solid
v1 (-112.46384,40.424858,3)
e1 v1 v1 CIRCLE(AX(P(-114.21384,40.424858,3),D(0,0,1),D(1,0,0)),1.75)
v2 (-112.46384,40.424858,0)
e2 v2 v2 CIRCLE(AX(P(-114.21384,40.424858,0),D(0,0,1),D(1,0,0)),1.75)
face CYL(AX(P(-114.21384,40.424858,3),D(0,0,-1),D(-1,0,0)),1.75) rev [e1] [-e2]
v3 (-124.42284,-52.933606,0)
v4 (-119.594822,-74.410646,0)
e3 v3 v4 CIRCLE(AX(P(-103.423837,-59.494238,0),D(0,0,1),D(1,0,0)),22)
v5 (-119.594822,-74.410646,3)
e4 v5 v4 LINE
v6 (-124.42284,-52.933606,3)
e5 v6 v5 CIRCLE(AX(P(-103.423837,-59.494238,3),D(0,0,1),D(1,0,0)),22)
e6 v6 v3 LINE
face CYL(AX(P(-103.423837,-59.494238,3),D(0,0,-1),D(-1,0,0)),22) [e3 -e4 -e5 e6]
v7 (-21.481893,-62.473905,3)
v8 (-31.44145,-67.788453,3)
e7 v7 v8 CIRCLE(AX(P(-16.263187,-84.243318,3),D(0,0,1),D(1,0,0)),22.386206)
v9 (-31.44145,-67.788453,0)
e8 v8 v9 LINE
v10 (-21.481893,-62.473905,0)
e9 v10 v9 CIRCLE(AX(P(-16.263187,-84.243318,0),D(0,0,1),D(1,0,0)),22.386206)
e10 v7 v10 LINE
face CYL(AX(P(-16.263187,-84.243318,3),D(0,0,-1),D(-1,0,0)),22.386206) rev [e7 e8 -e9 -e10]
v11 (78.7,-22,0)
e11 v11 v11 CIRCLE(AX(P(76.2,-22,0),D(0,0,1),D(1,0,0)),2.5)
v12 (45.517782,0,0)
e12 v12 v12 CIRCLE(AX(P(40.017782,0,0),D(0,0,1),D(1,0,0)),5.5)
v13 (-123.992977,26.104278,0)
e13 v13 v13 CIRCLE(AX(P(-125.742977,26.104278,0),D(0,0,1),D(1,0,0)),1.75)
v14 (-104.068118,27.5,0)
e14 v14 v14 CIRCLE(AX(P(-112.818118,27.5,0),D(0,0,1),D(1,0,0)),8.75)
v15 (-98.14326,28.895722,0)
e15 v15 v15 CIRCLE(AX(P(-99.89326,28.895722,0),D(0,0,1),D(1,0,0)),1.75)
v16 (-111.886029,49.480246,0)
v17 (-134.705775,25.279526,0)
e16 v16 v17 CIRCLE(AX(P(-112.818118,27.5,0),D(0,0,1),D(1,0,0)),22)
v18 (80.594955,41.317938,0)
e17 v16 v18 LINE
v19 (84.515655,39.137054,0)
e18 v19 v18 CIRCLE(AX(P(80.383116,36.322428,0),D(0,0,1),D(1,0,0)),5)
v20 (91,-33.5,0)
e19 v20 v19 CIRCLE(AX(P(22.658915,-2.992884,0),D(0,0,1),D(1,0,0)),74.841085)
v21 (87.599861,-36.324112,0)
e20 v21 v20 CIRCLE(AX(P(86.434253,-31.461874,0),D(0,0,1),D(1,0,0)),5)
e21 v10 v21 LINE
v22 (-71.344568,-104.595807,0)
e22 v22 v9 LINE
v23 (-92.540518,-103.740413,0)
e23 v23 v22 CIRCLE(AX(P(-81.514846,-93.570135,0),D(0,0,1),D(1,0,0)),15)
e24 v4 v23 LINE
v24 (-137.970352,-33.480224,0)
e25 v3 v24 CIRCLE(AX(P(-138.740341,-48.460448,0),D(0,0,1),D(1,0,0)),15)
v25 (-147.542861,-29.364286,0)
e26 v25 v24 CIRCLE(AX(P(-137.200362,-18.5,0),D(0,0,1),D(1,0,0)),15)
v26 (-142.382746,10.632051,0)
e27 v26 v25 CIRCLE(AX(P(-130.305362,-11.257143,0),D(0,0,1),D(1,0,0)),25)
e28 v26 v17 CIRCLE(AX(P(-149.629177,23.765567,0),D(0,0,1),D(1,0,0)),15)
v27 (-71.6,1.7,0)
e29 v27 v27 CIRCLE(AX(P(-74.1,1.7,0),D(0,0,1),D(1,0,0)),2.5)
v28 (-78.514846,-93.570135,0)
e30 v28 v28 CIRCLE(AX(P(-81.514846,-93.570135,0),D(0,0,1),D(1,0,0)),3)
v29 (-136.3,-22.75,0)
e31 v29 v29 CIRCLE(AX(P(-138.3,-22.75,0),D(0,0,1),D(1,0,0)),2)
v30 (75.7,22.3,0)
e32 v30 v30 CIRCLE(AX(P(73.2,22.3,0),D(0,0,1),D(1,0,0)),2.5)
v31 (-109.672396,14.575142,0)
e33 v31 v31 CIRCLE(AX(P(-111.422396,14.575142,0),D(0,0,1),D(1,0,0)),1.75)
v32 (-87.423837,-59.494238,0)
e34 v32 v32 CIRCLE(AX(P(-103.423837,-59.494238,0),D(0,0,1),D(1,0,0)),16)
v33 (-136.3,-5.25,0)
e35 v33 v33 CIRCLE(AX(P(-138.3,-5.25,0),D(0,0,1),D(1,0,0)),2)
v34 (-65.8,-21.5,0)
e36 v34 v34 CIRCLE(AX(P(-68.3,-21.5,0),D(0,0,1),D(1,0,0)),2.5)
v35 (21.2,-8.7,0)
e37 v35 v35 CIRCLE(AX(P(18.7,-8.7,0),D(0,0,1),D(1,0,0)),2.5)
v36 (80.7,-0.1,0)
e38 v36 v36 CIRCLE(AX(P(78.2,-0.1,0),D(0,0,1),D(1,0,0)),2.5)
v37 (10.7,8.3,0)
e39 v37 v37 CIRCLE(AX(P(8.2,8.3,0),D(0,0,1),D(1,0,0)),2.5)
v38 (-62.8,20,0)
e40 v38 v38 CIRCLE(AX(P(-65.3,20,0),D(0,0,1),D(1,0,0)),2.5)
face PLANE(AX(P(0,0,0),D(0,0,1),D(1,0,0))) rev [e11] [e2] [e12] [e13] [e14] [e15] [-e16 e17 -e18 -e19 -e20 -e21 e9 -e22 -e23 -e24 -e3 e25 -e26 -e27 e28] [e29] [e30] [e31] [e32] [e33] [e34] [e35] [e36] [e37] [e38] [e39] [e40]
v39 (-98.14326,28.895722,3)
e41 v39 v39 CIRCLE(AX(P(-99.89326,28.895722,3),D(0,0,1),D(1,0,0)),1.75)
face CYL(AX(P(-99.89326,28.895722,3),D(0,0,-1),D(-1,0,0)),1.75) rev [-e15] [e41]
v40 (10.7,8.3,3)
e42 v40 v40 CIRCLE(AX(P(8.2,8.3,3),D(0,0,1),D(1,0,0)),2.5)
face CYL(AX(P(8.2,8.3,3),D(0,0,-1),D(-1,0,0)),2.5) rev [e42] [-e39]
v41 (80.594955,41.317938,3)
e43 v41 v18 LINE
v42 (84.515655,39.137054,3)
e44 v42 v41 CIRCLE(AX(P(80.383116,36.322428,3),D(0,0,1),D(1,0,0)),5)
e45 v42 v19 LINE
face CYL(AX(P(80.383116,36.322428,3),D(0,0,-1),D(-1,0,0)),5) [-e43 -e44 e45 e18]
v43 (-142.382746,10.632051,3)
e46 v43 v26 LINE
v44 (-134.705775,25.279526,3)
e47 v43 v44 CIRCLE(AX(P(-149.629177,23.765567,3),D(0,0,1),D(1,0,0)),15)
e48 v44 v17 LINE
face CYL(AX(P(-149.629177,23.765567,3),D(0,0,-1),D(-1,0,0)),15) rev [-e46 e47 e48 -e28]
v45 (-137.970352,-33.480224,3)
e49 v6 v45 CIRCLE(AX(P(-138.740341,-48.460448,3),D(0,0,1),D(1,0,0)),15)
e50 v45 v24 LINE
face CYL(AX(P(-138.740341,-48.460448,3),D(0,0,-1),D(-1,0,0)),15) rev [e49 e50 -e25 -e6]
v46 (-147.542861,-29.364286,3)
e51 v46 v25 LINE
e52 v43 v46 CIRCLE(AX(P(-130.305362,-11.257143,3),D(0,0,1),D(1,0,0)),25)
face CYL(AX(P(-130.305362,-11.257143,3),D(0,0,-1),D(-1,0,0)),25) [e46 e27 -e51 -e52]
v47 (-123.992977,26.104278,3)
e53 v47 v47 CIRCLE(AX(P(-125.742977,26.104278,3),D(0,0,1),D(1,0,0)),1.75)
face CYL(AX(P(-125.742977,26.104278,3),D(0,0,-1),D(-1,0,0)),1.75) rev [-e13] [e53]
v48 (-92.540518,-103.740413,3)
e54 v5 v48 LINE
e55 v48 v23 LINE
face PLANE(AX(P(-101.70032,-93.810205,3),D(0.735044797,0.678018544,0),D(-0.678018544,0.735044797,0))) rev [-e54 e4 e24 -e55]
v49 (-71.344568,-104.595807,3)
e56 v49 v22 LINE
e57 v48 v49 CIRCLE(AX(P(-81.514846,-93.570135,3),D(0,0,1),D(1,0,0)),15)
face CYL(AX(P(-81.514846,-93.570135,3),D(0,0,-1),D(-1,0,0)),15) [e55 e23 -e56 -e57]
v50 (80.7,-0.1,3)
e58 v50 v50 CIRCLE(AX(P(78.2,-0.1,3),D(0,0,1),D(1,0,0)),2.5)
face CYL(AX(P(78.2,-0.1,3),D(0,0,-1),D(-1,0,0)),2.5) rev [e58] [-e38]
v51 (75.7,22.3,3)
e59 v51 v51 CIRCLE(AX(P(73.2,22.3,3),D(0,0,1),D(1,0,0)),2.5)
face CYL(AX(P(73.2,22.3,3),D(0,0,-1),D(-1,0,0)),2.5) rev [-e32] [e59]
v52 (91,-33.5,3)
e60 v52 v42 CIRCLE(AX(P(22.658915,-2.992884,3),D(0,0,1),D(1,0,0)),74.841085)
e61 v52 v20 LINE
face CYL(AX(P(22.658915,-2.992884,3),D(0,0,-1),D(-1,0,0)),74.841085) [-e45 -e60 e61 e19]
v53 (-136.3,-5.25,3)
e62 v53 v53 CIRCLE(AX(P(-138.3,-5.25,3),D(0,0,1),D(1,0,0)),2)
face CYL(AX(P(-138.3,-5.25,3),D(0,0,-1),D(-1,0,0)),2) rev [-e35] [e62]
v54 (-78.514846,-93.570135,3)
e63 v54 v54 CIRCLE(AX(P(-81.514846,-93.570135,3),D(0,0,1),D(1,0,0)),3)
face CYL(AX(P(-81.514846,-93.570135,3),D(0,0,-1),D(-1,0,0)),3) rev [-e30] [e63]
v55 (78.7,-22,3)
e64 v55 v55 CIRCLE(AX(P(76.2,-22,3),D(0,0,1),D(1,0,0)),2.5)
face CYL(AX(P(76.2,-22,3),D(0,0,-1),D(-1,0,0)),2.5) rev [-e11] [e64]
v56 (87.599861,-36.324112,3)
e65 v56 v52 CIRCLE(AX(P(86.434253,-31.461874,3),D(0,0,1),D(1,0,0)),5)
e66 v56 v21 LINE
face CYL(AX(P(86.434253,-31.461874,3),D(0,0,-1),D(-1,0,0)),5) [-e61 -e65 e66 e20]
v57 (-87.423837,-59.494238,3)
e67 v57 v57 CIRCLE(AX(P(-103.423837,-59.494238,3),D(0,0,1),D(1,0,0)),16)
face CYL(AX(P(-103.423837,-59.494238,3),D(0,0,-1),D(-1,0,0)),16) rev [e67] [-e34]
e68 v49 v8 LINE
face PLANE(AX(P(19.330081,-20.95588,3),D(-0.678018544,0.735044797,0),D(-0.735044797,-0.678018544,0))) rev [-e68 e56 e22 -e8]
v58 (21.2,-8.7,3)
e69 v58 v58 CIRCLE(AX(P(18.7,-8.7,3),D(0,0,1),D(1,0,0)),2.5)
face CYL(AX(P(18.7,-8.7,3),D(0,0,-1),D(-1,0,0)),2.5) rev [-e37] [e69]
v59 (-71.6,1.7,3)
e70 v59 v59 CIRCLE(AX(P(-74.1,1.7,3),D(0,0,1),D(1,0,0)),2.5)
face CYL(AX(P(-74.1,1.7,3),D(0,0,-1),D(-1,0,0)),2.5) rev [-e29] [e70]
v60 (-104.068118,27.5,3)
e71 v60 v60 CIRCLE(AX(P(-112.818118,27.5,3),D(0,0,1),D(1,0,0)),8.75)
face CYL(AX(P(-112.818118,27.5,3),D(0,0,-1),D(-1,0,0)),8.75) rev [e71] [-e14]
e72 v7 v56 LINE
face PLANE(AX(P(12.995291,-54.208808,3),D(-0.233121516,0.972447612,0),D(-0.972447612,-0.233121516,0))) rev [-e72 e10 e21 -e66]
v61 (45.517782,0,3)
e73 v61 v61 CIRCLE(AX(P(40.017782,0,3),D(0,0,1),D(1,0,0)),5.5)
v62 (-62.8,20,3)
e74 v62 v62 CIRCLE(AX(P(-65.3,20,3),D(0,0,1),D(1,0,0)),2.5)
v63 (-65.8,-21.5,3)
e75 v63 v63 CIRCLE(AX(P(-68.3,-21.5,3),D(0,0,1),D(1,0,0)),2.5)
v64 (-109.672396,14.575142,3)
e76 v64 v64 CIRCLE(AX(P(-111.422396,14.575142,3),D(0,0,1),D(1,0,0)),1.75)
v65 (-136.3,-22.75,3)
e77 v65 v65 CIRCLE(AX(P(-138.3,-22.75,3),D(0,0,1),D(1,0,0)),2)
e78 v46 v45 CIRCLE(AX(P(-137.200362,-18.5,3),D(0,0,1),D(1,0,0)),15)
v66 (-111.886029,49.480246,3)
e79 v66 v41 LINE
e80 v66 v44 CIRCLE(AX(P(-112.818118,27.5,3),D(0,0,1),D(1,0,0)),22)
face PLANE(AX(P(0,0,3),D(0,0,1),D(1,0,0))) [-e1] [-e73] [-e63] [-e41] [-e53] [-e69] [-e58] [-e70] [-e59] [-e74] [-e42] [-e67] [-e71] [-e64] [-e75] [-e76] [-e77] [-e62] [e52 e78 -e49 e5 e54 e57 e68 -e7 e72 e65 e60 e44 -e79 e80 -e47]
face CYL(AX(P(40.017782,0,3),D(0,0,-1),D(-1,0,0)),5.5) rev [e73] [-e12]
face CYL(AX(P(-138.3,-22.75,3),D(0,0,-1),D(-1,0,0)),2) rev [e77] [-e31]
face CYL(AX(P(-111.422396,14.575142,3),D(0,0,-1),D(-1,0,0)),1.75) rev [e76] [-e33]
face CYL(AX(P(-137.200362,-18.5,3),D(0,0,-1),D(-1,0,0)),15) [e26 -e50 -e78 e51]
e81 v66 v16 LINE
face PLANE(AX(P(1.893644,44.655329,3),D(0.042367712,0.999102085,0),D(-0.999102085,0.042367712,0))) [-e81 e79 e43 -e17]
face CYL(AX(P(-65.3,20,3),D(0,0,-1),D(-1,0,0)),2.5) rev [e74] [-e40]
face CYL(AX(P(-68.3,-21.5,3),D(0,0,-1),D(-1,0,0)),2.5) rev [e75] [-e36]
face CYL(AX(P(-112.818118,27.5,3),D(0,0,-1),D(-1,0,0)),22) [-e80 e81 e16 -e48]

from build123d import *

# Parameters (mm, degrees)
SKETCH1_R           = 3
SKETCH1_R_2         = 2
SKETCH1_R_3         = 2.5
SKETCH1_R_4         = 1.75
SKETCH1_R_5         = 8.75
SKETCH1_R_6         = 5.5
SKETCH1_R_7         = 16
BOSS_EXTRUDE1_DEPTH = 3


with BuildPart() as part:
    # Sketch1 → Boss-Extrude1 (new body)
    with BuildSketch(Plane.XY):
        with BuildLine():
            ThreePointArc((-111.886028634, 49.480245878), (-128.824449864, 42.592956949), (-134.705774542, 25.279526249))
            ThreePointArc((-134.705774542, 25.279526249), (-136.343375771, 16.802270376), (-142.382746132, 10.632050724))
            ThreePointArc((-142.382746132, 10.632050724), (-155.099864059, -8.058287742), (-147.542861296, -29.364285714))
            ThreePointArc((-147.542861296, -29.364285714), (-143.125485566, -32.280163581), (-137.970351553, -33.480224156))
            ThreePointArc((-137.970351553, -33.480224156), (-126.431132561, -39.888203569), (-124.422839539, -52.93360637))
            ThreePointArc((-124.422839539, -52.93360637), (-124.888175134, -64.31939994), (-119.594822483, -74.410646153))
            Line((-119.594822483, -74.410646153), (-92.540517723, -103.740413224))
            ThreePointArc((-92.540517723, -103.740413224), (-82.119700521, -108.557935129), (-71.344567605, -104.595807028))
            Line((-71.344567605, -104.595807028), (-31.441449774, -67.788453323))
            ThreePointArc((-31.441449774, -67.788453323), (-26.802171393, -64.493076397), (-21.481893225, -62.473904985))
            Line((-21.481893225, -62.473904985), (87.599861039, -36.324111832))
            ThreePointArc((87.599861039, -36.324111832), (89.628937626, -35.308169791), (91, -33.5))
            ThreePointArc((91, -33.5), (97.203558128, 3.661751943), (84.51565505, 39.137054004))
            ThreePointArc((84.51565505, 39.137054004), (82.813644384, 40.69192784), (80.594954641, 41.317938046))
            Line((80.594954641, 41.317938046), (-111.886028634, 49.480245878))
        make_face()
        with Locations((-81.514845762, -93.570135067)):
            Circle(SKETCH1_R, mode=Mode.SUBTRACT)
        with Locations((-138.3, -22.75)):
            Circle(SKETCH1_R_2, mode=Mode.SUBTRACT)
        with Locations((-138.3, -5.25)):
            Circle(SKETCH1_R_2, mode=Mode.SUBTRACT)
        with Locations((-68.3, -21.5)):
            Circle(SKETCH1_R_3, mode=Mode.SUBTRACT)
        with Locations((-74.1, 1.7)):
            Circle(SKETCH1_R_3, mode=Mode.SUBTRACT)
        with Locations((-111.422396488, 14.575141755)):
            Circle(SKETCH1_R_4, mode=Mode.SUBTRACT)
        with Locations((-125.742976533, 26.1042782)):
            Circle(SKETCH1_R_4, mode=Mode.SUBTRACT)
        with Locations((-112.818118288, 27.5)):
            Circle(SKETCH1_R_5, mode=Mode.SUBTRACT)
        with Locations((-114.213840088, 40.424858245)):
            Circle(SKETCH1_R_4, mode=Mode.SUBTRACT)
        with Locations((-99.893260043, 28.8957218)):
            Circle(SKETCH1_R_4, mode=Mode.SUBTRACT)
        with Locations((-65.3, 20)):
            Circle(SKETCH1_R_3, mode=Mode.SUBTRACT)
        with Locations((18.7, -8.7)):
            Circle(SKETCH1_R_3, mode=Mode.SUBTRACT)
        with Locations((76.2, -22)):
            Circle(SKETCH1_R_3, mode=Mode.SUBTRACT)
        with Locations((40.017782272, 0)):
            Circle(SKETCH1_R_6, mode=Mode.SUBTRACT)
        with Locations((78.2, -0.1)):
            Circle(SKETCH1_R_3, mode=Mode.SUBTRACT)
        with Locations((8.2, 8.3)):
            Circle(SKETCH1_R_3, mode=Mode.SUBTRACT)
        with Locations((73.2, 22.3)):
            Circle(SKETCH1_R_3, mode=Mode.SUBTRACT)
        with Locations((-103.42383694, -59.494238188)):
            Circle(SKETCH1_R_7, mode=Mode.SUBTRACT)
    extrude(amount=BOSS_EXTRUDE1_DEPTH)


solid = part.part
